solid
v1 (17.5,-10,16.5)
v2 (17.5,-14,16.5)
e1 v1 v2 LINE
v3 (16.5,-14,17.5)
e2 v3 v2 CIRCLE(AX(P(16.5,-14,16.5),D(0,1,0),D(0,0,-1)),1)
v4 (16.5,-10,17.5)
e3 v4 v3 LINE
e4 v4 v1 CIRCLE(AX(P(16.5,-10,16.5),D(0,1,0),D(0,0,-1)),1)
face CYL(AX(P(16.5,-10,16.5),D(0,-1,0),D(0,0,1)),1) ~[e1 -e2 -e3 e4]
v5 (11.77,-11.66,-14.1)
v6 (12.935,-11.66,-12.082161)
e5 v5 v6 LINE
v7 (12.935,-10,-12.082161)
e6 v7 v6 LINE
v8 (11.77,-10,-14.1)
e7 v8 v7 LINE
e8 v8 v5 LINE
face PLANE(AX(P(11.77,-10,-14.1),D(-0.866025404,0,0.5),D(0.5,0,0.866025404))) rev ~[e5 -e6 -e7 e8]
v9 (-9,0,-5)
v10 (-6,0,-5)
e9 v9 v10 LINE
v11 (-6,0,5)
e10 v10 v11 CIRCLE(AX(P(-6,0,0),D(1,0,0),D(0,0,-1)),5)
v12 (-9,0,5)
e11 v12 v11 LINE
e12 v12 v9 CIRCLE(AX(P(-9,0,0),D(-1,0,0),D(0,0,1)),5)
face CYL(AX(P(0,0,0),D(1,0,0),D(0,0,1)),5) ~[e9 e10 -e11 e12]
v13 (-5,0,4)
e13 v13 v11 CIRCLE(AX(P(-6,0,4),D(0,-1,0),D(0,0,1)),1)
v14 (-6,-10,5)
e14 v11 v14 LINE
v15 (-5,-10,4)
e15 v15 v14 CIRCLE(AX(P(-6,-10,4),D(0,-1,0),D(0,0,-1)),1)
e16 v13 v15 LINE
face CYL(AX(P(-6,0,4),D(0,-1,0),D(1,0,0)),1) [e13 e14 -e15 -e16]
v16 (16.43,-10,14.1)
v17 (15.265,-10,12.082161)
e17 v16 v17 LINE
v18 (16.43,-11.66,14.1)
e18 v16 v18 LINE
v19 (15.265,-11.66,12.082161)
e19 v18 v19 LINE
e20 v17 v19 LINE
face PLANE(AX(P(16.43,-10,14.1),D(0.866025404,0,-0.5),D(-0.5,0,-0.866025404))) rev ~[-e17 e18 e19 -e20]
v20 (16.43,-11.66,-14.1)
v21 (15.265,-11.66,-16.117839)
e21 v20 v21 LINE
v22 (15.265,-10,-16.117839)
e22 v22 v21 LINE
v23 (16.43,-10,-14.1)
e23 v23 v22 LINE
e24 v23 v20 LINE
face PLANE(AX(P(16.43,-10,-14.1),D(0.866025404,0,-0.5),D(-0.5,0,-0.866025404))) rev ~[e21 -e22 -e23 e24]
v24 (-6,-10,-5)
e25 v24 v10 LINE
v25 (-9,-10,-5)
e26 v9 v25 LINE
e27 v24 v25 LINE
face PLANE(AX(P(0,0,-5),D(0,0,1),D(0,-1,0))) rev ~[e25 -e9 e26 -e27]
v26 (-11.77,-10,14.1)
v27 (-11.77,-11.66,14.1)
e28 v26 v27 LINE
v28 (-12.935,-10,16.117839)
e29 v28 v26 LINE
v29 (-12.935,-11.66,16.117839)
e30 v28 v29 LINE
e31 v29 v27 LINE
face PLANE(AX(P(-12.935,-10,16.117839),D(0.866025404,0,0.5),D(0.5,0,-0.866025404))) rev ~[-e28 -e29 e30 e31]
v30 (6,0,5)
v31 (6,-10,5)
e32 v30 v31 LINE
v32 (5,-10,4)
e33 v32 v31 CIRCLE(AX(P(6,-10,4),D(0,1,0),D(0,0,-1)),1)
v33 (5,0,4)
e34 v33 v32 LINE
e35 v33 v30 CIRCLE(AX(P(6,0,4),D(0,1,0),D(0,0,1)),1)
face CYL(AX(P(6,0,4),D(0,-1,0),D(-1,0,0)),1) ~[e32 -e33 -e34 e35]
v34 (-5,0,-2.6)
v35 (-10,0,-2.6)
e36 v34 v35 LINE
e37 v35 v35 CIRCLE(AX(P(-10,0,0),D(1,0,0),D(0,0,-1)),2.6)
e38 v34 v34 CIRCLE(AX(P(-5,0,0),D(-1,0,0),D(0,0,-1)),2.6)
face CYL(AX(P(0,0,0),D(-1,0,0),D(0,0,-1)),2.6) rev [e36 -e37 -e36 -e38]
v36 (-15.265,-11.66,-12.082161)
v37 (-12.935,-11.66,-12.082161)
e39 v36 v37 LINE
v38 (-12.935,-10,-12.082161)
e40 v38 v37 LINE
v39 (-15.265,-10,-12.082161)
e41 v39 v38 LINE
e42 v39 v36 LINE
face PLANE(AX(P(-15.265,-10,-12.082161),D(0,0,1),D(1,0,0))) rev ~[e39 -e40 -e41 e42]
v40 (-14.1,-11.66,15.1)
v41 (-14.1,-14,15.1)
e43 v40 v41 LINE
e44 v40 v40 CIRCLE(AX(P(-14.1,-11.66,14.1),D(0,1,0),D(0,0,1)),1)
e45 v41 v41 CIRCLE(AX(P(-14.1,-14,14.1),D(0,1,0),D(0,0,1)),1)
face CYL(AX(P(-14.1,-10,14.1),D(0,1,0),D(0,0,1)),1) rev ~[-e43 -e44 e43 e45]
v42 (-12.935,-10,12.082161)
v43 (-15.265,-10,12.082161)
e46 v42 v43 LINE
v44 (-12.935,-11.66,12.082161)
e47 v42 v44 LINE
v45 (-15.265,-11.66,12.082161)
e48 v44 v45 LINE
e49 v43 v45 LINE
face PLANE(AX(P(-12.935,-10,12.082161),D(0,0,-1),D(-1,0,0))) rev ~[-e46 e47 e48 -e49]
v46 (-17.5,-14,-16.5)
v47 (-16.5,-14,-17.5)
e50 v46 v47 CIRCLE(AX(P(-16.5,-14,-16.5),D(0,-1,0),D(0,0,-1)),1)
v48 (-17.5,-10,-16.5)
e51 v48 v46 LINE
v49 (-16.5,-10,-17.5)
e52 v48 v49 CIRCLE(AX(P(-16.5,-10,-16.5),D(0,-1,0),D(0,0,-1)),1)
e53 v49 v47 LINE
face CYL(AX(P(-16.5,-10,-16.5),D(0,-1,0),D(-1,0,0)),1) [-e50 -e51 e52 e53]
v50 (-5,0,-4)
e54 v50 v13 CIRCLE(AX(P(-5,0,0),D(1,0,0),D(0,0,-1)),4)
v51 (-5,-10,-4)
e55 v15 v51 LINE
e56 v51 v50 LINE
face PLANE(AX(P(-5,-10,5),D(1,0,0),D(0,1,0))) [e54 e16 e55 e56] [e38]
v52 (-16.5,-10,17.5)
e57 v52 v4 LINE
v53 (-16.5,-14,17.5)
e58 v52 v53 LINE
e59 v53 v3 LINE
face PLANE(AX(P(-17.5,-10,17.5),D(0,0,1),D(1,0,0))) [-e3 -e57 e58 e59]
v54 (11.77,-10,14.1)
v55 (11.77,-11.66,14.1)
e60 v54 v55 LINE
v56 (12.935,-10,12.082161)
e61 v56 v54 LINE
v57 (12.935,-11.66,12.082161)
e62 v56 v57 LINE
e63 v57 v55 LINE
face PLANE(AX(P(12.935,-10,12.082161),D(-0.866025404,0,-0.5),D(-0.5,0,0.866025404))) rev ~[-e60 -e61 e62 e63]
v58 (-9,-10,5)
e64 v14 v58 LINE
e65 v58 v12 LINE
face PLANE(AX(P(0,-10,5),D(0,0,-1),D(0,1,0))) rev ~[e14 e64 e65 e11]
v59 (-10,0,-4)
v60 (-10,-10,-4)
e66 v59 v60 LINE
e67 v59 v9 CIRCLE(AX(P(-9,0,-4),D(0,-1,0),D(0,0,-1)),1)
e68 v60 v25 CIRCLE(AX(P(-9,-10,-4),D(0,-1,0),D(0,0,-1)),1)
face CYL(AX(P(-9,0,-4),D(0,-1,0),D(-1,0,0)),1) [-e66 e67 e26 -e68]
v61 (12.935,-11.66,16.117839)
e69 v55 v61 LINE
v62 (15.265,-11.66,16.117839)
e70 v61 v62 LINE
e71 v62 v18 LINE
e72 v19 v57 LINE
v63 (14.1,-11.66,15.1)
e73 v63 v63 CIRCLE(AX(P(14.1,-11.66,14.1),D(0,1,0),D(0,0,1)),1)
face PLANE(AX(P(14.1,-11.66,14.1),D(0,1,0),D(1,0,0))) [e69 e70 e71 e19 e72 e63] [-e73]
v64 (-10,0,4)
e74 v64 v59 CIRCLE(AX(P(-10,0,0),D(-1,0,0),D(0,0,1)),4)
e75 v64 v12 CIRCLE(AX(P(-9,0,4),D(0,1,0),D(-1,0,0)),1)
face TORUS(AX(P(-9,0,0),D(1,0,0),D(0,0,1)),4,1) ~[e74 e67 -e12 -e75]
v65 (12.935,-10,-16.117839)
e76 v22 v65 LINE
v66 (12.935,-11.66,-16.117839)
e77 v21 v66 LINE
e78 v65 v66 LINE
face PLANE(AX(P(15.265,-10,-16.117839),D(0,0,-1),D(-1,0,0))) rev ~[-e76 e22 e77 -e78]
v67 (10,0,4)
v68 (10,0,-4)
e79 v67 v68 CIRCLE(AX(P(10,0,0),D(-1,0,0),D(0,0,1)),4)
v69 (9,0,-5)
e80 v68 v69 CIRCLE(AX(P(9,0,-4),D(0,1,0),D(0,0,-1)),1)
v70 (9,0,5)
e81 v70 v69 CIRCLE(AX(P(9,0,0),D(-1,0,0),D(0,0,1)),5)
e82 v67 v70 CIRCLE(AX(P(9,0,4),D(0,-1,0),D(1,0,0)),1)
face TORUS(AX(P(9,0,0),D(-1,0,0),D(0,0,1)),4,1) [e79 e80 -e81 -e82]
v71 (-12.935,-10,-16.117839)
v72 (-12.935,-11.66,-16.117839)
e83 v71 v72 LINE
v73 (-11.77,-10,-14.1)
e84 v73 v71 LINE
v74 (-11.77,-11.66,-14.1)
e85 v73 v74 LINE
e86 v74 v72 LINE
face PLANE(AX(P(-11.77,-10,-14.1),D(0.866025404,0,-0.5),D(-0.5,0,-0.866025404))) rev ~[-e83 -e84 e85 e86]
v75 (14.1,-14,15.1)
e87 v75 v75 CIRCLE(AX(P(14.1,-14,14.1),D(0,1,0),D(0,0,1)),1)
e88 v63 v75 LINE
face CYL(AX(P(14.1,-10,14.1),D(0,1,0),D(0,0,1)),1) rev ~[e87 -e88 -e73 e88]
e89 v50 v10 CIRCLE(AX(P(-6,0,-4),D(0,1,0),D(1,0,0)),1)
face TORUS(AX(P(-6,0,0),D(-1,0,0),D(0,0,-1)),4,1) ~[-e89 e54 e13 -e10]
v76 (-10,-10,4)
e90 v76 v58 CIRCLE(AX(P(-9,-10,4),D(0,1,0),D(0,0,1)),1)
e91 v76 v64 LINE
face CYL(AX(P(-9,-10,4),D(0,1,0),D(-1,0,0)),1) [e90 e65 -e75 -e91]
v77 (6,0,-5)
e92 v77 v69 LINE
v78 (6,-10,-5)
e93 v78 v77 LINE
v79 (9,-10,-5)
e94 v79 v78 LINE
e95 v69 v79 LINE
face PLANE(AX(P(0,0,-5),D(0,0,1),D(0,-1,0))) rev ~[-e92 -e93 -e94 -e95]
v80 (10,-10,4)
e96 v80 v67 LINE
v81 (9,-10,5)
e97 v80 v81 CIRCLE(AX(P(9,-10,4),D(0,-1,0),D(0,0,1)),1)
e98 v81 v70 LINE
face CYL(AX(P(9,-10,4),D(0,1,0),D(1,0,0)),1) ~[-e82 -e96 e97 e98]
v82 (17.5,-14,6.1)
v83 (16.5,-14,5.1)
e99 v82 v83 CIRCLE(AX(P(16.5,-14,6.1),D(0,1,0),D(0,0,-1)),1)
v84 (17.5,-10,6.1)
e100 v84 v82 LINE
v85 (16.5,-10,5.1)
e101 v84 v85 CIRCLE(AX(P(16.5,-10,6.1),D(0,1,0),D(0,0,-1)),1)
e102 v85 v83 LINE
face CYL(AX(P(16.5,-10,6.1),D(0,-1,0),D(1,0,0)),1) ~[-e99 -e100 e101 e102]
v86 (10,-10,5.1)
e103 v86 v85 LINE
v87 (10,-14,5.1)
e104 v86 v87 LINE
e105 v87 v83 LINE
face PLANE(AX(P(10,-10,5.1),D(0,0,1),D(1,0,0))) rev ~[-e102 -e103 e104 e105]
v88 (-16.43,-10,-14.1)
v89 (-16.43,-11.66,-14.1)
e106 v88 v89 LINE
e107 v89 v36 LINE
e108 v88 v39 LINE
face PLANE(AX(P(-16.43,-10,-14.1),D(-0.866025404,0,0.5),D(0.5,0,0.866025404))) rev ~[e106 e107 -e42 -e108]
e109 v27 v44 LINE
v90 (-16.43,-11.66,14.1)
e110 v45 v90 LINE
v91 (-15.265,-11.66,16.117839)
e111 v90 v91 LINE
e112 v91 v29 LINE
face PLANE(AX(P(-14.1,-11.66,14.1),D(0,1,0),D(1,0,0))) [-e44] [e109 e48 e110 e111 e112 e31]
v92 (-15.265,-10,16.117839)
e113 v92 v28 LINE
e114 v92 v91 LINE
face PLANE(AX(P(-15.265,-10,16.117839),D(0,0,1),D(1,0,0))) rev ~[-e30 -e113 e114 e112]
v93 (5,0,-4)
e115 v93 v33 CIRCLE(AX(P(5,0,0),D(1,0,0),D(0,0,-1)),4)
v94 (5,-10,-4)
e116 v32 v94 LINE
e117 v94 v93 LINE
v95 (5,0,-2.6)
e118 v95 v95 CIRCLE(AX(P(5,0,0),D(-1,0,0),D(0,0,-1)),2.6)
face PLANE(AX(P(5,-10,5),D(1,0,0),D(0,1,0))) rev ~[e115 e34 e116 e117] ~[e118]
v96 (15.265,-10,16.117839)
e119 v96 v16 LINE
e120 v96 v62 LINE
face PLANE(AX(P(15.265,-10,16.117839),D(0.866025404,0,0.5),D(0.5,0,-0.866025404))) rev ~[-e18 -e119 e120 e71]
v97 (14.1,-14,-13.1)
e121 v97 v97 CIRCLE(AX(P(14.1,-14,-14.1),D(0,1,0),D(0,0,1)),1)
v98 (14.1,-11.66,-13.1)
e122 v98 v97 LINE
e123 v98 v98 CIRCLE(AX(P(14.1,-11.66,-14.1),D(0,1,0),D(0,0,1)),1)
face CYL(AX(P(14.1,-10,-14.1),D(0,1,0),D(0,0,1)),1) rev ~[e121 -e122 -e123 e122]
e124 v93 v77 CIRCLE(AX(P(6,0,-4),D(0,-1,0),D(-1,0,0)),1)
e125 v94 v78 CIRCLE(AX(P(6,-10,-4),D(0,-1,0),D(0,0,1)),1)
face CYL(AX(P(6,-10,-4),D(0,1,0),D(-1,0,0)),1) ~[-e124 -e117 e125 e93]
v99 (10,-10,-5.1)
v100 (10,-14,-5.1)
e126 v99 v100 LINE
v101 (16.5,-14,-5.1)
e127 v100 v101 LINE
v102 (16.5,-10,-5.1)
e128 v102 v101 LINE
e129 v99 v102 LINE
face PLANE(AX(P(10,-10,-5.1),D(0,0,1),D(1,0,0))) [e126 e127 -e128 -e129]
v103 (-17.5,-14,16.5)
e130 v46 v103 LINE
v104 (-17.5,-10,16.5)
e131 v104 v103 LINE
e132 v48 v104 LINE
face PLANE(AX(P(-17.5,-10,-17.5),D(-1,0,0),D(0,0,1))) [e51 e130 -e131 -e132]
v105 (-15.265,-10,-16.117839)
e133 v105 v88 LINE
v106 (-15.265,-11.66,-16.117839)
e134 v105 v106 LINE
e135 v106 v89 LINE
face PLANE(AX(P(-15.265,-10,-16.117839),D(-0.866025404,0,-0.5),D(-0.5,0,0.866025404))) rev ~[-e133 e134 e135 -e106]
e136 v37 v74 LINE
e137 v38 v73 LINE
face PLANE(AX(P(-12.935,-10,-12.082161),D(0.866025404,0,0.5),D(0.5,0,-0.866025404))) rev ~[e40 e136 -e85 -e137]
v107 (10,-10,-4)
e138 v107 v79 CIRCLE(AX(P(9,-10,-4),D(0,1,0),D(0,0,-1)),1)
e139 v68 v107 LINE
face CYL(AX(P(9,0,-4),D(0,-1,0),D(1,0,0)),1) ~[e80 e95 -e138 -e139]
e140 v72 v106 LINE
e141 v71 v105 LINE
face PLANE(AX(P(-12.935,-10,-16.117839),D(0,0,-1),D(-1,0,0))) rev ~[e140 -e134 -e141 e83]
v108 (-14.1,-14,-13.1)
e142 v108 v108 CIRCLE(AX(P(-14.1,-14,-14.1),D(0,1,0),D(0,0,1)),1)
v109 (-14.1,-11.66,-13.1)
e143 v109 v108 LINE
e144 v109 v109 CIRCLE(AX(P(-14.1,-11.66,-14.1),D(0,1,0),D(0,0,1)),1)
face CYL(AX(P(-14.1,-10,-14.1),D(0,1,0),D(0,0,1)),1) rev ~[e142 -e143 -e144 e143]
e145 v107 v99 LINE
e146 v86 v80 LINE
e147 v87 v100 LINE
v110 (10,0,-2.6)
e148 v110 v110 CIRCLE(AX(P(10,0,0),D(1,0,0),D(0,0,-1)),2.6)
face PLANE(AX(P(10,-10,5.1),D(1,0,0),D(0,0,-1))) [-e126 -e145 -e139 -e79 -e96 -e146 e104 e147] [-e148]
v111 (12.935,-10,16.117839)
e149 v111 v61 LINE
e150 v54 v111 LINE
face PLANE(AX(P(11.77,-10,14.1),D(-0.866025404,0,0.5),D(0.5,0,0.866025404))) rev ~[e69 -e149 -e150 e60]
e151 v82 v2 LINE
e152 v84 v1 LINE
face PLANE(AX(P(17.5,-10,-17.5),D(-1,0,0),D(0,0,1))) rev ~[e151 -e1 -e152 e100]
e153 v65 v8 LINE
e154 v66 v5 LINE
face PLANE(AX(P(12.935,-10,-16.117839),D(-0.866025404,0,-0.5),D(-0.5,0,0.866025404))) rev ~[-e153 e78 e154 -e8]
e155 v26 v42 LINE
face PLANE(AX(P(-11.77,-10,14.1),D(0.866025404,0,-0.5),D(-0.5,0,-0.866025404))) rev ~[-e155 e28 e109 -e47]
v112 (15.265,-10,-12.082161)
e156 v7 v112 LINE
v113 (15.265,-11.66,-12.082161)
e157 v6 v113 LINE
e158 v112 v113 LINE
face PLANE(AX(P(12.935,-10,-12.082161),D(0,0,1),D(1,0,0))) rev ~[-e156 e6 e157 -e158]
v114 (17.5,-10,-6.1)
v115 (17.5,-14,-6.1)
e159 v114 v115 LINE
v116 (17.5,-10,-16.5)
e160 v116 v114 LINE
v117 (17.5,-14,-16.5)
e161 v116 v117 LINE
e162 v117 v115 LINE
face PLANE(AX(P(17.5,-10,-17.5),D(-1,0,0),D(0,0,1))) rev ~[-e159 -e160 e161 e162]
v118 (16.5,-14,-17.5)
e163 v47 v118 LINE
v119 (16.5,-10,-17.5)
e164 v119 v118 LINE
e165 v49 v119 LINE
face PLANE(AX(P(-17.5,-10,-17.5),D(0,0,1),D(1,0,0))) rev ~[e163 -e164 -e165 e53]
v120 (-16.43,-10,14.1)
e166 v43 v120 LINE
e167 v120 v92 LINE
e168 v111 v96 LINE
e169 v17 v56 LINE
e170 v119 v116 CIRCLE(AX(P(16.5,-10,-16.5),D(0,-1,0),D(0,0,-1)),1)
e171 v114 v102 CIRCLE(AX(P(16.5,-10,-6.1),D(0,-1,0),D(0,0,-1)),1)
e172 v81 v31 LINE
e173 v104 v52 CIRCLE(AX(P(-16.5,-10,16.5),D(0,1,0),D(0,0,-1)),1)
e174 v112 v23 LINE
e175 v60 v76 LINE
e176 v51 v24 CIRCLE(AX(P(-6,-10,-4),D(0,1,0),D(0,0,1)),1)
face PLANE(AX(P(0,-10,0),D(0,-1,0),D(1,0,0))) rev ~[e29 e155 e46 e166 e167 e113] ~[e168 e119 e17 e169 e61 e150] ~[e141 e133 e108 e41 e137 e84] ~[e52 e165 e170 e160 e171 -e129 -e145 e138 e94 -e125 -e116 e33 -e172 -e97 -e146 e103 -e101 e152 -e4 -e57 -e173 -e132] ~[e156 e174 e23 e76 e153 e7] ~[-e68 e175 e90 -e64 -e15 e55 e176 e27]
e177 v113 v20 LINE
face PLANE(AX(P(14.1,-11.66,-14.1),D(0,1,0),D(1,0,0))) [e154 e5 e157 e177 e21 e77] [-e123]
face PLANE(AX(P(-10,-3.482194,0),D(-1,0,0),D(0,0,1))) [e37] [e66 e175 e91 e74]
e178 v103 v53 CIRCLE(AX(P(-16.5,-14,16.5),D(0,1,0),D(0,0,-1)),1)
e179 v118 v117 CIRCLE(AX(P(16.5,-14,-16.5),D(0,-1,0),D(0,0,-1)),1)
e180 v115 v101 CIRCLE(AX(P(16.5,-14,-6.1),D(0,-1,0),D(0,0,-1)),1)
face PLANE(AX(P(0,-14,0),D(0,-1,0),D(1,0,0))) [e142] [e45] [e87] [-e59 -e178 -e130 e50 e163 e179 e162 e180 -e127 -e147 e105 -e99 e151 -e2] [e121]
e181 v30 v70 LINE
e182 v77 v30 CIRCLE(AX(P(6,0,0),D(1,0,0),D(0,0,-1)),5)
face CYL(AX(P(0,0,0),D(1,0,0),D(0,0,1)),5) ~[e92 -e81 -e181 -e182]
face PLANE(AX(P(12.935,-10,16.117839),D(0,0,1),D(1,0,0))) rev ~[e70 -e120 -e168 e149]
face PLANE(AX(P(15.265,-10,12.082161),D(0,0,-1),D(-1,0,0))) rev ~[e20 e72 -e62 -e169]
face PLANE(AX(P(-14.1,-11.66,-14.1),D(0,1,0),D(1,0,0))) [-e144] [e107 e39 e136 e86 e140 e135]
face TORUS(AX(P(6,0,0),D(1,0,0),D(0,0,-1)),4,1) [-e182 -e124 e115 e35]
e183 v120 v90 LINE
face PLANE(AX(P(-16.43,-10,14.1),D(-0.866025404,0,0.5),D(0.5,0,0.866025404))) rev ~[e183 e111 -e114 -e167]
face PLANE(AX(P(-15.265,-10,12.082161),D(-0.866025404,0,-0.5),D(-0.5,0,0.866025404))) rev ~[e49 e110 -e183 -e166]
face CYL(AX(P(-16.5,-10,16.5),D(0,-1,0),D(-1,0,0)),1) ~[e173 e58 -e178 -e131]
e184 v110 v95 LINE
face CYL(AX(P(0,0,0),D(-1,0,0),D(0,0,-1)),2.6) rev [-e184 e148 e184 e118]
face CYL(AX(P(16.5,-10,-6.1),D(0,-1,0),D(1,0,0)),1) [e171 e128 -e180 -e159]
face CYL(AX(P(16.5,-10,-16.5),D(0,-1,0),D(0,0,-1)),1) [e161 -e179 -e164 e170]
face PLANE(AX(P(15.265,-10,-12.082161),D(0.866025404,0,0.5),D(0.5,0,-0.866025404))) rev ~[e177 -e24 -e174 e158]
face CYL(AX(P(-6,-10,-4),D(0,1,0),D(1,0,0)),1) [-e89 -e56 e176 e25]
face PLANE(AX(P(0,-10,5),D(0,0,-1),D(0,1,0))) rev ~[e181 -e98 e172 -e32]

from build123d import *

# Parameters (mm, degrees)
ESQUISSE2_R             = 2.6
BOSS_EXTRU_1_DEPTH      = 10
ESQUISSE4_W             = 35
ESQUISSE4_H             = 35
BOSS_EXTRU_2_DEPTH      = 4
ENL_V_MAT_EXTRU_1_REACH = 6
ESQUISSE5_R             = 1
ESQUISSE6_W             = 10
ESQUISSE6_H             = 16.186441142
ENL_V_MAT_EXTRU_2_DEPTH = 23.5
ENL_V_MAT_EXTRU_3_DEPTH = 1.66
ENL_V_MAT_EXTRU_4_REACH = 6
ESQUISSE8_W             = 7.5
ESQUISSE8_H             = 10.2
CONG_1_R                = 1


with BuildPart() as part:
    # Esquisse2 → Boss.-Extru.1 (new body, symmetric)
    with BuildSketch(Plane(origin=(0, 0, 0), x_dir=(0, 0, -1), z_dir=(1, 0, 0))):
        with BuildLine():
            Line((5, 0), (5, -10))
            Line((5, -10), (-5, -10))
            Line((-5, -10), (-5, 0))
            ThreePointArc((-5, 0), (0, 5), (5, 0))
        make_face()
        Circle(ESQUISSE2_R, mode=Mode.SUBTRACT)
    extrude(amount=BOSS_EXTRU_1_DEPTH, both=True)

    # Esquisse4 → Boss.-Extru.2 (add)
    with BuildSketch(Plane.XZ.offset(10)):
        Rectangle(ESQUISSE4_W, ESQUISSE4_H)
    extrude(amount=BOSS_EXTRU_2_DEPTH)

    # Esquisse5 → Enlèv. mat.-Extru.1 (cut, up to next)
    with BuildSketch(Plane(origin=(0, -10, 0), x_dir=(1, 0, 0), z_dir=(0, 1, 0)), mode=Mode.PRIVATE) as enl_v_mat_extru_1_sk1:
        with Locations(Location((14.1, -14.1, 0), (0, 0, 270))):  # turned: the seam where the file's is
            Circle(ESQUISSE5_R)
    enl_v_mat_extru_1_tool1 = extrude(enl_v_mat_extru_1_sk1.sketch, amount=-ENL_V_MAT_EXTRU_1_REACH, mode=Mode.PRIVATE) & part.part
    add(enl_v_mat_extru_1_tool1.solids().sort_by_distance((14.1, -10, 14.1))[0], mode=Mode.SUBTRACT)
    # Esquisse5 → Enlèv. mat.-Extru.1 (cut, up to next)
    with BuildSketch(Plane(origin=(0, -10, 0), x_dir=(1, 0, 0), z_dir=(0, 1, 0)), mode=Mode.PRIVATE) as enl_v_mat_extru_1_sk2:
        with Locations(Location((14.1, 14.1, 0), (0, 0, 270))):  # turned: the seam where the file's is
            Circle(ESQUISSE5_R)
    enl_v_mat_extru_1_tool2 = extrude(enl_v_mat_extru_1_sk2.sketch, amount=-ENL_V_MAT_EXTRU_1_REACH, mode=Mode.PRIVATE) & part.part
    add(enl_v_mat_extru_1_tool2.solids().sort_by_distance((14.1, -10, -14.1))[0], mode=Mode.SUBTRACT)
    # Esquisse5 → Enlèv. mat.-Extru.1 (cut, up to next)
    with BuildSketch(Plane(origin=(0, -10, 0), x_dir=(1, 0, 0), z_dir=(0, 1, 0)), mode=Mode.PRIVATE) as enl_v_mat_extru_1_sk3:
        with Locations(Location((-14.1, 14.1, 0), (0, 0, 270))):  # turned: the seam where the file's is
            Circle(ESQUISSE5_R)
    enl_v_mat_extru_1_tool3 = extrude(enl_v_mat_extru_1_sk3.sketch, amount=-ENL_V_MAT_EXTRU_1_REACH, mode=Mode.PRIVATE) & part.part
    add(enl_v_mat_extru_1_tool3.solids().sort_by_distance((-14.1, -10, -14.1))[0], mode=Mode.SUBTRACT)
    # Esquisse5 → Enlèv. mat.-Extru.1 (cut, up to next)
    with BuildSketch(Plane(origin=(0, -10, 0), x_dir=(1, 0, 0), z_dir=(0, 1, 0)), mode=Mode.PRIVATE) as enl_v_mat_extru_1_sk4:
        with Locations(Location((-14.1, -14.1, 0), (0, 0, 270))):  # turned: the seam where the file's is
            Circle(ESQUISSE5_R)
    enl_v_mat_extru_1_tool4 = extrude(enl_v_mat_extru_1_sk4.sketch, amount=-ENL_V_MAT_EXTRU_1_REACH, mode=Mode.PRIVATE) & part.part
    add(enl_v_mat_extru_1_tool4.solids().sort_by_distance((-14.1, -10, 14.1))[0], mode=Mode.SUBTRACT)

    # Esquisse6 → Enlèv. mat.-Extru.2 (cut, through all)
    with BuildSketch(Plane.XY.offset(5)):
        with Locations((0, -1.906779429)):
            Rectangle(ESQUISSE6_W, ESQUISSE6_H)
    extrude(amount=-ENL_V_MAT_EXTRU_2_DEPTH, mode=Mode.SUBTRACT)

    # Esquisse7 → Enlèv. mat.-Extru.3 (cut)
    with BuildSketch(Plane(origin=(0, -10, 0), x_dir=(1, 0, 0), z_dir=(0, 1, 0))):
        Polygon((-11.77, -14.1), (-12.935, -12.082160809), (-15.265, -12.082160809), (-16.43, -14.1), (-15.265, -16.117839191), (-12.935, -16.117839191), align=None)
        Polygon((16.43, -14.1), (15.265, -12.082160809), (12.935, -12.082160809), (11.77, -14.1), (12.935, -16.117839191), (15.265, -16.117839191), align=None)
        Polygon((16.43, 14.1), (15.265, 16.117839191), (12.935, 16.117839191), (11.77, 14.1), (12.935, 12.082160809), (15.265, 12.082160809), align=None)
        Polygon((-11.77, 14.1), (-12.935, 16.117839191), (-15.265, 16.117839191), (-16.43, 14.1), (-15.265, 12.082160809), (-12.935, 12.082160809), align=None)
    extrude(amount=-ENL_V_MAT_EXTRU_3_DEPTH, mode=Mode.SUBTRACT)

    # Esquisse8 → Enlèv. mat.-Extru.4 (cut, up to next)
    with BuildSketch(Plane(origin=(0, -10, 0), x_dir=(1, 0, 0), z_dir=(0, 1, 0)), mode=Mode.PRIVATE) as enl_v_mat_extru_4_sk1:
        with Locations((13.75, 0)):
            Rectangle(ESQUISSE8_W, ESQUISSE8_H)
    enl_v_mat_extru_4_tool1 = extrude(enl_v_mat_extru_4_sk1.sketch, amount=-ENL_V_MAT_EXTRU_4_REACH, mode=Mode.PRIVATE) & part.part
    add(enl_v_mat_extru_4_tool1.solids().sort_by_distance((13.75, -10, 0))[0], mode=Mode.SUBTRACT)

    # Congé1
    cong_1_edges = [part.edges().sort_by_distance(p)[0] for p in [
        (17.5, -12, -5.1),
        (17.5, -12, 5.1),
        (10, -5, -5),
        (-17.5, -12, 17.5),
        (-17.5, -12, -17.5),
        (17.5, -12, -17.5),
        (17.5, -12, 17.5),
        (10, 5, 0),
        (-10, -5, -5),
        (-5, 5, 0),
        (-5, -5, -5),
        (5, -5, -5),
        (5, 5, 0),
        (5, -5, 5),
        (-5, -5, 5),
        (-10, -5, 5),
        (-10, 5, 0),
        (10, -5, 5),
    ]]
    fillet(cong_1_edges, radius=CONG_1_R)


solid = part.part
